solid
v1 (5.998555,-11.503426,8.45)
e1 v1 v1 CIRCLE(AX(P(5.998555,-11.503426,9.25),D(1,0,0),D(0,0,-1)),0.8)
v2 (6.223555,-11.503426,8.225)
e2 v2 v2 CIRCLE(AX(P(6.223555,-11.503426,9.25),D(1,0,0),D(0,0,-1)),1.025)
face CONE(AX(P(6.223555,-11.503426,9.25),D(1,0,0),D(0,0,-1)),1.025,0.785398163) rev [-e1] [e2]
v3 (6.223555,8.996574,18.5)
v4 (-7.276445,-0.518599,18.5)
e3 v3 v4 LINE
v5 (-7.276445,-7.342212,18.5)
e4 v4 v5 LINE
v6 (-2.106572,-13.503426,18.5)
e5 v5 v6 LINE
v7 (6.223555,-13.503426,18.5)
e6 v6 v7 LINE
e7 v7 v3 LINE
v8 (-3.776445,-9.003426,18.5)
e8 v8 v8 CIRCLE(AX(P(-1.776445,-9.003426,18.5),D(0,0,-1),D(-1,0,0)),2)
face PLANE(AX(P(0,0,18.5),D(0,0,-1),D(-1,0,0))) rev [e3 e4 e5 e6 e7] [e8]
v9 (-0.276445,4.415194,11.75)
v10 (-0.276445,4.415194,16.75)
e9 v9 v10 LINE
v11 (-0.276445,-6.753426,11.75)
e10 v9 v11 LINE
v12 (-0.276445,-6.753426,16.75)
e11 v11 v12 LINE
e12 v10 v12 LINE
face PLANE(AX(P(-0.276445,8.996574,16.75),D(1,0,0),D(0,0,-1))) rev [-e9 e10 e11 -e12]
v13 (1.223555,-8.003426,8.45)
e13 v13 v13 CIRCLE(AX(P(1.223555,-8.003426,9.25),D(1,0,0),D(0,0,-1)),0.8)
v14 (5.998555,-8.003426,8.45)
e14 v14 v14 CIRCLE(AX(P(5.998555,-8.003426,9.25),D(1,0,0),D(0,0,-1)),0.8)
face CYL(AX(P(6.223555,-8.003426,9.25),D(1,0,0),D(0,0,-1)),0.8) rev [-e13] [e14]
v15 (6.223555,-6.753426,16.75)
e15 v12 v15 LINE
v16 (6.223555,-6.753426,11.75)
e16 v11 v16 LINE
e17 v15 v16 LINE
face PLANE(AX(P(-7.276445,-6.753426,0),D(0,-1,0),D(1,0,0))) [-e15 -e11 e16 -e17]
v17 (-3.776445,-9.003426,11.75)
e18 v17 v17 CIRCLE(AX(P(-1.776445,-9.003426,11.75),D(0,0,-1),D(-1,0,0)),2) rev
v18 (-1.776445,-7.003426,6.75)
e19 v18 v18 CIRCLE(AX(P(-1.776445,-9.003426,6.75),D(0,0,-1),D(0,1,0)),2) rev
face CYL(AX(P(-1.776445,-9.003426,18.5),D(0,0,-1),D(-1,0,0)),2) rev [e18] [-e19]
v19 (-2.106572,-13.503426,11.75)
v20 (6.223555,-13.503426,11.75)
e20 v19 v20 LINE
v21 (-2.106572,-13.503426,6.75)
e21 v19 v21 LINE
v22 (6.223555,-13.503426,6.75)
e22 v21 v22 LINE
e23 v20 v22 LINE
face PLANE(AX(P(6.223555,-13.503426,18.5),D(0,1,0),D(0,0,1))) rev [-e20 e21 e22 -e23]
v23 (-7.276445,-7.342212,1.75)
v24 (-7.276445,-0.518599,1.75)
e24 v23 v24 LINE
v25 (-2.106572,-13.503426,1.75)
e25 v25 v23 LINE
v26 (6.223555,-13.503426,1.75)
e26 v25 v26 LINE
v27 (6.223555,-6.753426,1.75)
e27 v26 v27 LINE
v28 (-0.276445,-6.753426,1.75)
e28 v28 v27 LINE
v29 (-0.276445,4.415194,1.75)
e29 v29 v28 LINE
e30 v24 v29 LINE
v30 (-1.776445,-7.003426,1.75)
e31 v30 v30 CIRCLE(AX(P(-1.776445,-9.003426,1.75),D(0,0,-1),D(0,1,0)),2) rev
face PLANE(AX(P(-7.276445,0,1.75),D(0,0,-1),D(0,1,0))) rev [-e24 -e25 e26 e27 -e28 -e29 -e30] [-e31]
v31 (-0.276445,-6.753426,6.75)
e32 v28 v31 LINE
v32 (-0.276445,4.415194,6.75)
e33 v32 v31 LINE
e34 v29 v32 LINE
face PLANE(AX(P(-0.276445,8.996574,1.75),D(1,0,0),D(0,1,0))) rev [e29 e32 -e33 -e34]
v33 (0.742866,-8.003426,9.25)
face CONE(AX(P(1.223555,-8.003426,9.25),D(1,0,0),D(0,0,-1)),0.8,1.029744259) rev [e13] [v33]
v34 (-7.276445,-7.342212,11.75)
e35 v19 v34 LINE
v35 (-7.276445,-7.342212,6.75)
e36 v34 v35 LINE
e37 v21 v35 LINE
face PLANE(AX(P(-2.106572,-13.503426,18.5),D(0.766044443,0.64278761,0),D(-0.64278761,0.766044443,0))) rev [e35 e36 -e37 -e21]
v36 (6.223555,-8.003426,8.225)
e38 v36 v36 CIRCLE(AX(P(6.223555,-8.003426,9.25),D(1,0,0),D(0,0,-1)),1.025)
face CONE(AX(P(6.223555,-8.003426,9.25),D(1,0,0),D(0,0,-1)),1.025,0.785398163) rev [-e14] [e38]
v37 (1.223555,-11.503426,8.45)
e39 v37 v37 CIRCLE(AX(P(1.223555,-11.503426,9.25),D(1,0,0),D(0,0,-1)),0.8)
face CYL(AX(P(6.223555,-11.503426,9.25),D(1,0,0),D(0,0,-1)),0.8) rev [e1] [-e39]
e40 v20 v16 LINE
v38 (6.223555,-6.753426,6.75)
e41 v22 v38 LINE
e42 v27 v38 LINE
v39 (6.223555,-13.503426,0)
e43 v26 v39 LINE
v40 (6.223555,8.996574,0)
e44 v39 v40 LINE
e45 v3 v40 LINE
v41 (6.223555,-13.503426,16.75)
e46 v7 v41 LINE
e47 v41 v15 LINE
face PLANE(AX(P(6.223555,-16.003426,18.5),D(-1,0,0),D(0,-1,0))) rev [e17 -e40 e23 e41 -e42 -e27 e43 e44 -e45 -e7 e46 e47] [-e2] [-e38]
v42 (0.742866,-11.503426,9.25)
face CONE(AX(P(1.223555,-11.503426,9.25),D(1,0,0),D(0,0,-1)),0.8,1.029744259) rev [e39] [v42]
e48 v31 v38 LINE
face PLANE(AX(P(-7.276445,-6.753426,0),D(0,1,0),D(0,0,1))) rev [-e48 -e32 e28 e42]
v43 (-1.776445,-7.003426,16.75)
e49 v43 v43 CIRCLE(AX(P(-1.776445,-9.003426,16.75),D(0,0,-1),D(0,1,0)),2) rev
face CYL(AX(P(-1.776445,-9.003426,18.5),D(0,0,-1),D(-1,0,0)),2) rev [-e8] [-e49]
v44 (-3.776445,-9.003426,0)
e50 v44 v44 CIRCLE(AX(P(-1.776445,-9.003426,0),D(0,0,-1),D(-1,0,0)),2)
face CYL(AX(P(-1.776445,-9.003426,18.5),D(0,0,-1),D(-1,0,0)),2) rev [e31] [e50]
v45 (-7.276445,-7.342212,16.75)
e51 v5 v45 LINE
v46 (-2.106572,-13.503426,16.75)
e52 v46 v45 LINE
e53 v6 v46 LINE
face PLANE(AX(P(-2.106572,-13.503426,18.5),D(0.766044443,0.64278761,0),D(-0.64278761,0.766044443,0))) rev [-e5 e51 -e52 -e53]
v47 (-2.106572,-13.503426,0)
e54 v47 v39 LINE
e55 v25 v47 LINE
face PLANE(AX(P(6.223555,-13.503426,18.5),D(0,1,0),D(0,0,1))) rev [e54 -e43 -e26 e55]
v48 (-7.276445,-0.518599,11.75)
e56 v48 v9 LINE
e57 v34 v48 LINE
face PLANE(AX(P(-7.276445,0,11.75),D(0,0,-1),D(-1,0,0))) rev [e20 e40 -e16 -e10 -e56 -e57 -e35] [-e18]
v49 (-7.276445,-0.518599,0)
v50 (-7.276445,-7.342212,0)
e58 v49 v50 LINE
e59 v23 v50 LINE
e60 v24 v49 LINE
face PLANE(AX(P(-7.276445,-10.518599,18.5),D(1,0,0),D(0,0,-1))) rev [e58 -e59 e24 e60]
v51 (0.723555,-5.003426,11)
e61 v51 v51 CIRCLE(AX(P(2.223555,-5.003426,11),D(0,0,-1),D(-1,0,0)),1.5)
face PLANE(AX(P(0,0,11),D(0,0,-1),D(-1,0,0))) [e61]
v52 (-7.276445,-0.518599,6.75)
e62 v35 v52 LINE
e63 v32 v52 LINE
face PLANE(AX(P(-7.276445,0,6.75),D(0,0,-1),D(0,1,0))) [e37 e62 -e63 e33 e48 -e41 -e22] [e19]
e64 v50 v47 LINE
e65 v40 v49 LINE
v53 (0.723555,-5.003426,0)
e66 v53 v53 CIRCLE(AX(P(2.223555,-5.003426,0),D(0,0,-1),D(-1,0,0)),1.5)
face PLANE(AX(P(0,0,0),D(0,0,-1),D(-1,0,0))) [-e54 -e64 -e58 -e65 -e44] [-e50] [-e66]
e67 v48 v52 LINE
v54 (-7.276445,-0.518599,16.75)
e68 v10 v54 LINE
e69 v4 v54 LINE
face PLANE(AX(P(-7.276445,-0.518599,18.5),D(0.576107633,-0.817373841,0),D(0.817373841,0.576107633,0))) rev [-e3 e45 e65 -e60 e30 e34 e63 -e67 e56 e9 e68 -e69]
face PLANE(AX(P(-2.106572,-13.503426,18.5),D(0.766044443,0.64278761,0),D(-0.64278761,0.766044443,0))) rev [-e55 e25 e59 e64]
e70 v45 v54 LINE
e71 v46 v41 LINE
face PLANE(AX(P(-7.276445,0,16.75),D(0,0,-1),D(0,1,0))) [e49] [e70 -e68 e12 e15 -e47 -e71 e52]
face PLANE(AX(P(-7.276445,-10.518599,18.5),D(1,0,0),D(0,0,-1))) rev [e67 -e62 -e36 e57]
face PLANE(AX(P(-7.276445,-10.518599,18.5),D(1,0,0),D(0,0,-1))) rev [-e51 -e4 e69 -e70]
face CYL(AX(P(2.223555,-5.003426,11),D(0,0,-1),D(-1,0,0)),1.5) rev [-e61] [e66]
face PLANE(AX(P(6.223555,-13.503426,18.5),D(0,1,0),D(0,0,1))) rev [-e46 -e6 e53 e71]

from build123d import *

# Parameters (mm, degrees)
BOSS_EXTRUDE1_DEPTH             = 18.5
SKETCH2_R                       = 2
CUT_EXTRUDE1_DEPTH              = 19.5
SKETCH2_3_R                     = 1.5
CUT_EXTRUDE2_DEPTH              = 11
CUT_EXTRUDE3_DEPTH              = 19.5
CUT_EXTRUDE4_DEPTH              = 19.5
SKETCH7_W                       = 5
SKETCH7_H                       = 6.75
CUT_EXTRUDE5_DEPTH              = 14.5
M2X0_4_TAPPED_HOLE1_D           = 1.6
M2X0_4_TAPPED_HOLE1_DEPTH       = 5
M2X0_4_TAPPED_HOLE1_CSINK_D     = 2.05
M2X0_4_TAPPED_HOLE1_CSINK_ANGLE = 90
M2X0_4_TAPPED_HOLE1_TIP         = 0.480688495
SKETCH11_W                      = 7
SKETCH11_H                      = 5
CUT_EXTRUDE6_DEPTH              = 16.75


with BuildPart() as part:
    # Sketch1 → Boss-Extrude1 (new body)
    with BuildSketch(Plane.XY):
        Polygon((-7.276445285, -10.518598852), (2.223554715, -16.00342641), (6.223554715, -16.00342641), (6.223554715, 8.99657359), (-7.276445285, -0.518598852), align=None)
    extrude(amount=BOSS_EXTRUDE1_DEPTH)

    # Sketch2 → Cut-Extrude1 (cut, through all)
    with BuildSketch(Plane(origin=(0, 0, 0), x_dir=(-1, 0, 0), z_dir=(0, 0, -1))):
        with Locations((1.776445285, -9.00342641)):
            Circle(SKETCH2_R)
    extrude(amount=-CUT_EXTRUDE1_DEPTH, mode=Mode.SUBTRACT)

    # Sketch2<3> → Cut-Extrude2 (cut)
    with BuildSketch(Plane(origin=(0, 0, 0), x_dir=(-1, 0, 0), z_dir=(0, 0, -1))):
        with Locations((-2.223554715, -5.00342641)):
            Circle(SKETCH2_3_R)
    extrude(amount=-CUT_EXTRUDE2_DEPTH, mode=Mode.SUBTRACT)

    # Sketch5 → Cut-Extrude3 (cut, through all)
    with BuildSketch(Plane(origin=(0, 0, 0), x_dir=(-1, 0, 0), z_dir=(0, 0, -1))):
        Polygon((-6.223554715, -13.50342641), (2.106572304, -13.50342641), (-2.223554715, -16.00342641), (-6.223554715, -16.00342641), align=None)
    extrude(amount=-CUT_EXTRUDE3_DEPTH, mode=Mode.SUBTRACT)

    # Sketch6 → Cut-Extrude4 (cut, through all)
    with BuildSketch(Plane(origin=(0, 0, 0), x_dir=(-1, 0, 0), z_dir=(0, 0, -1))):
        Polygon((2.106572304, -13.50342641), (7.276445285, -7.342211711), (7.276445285, -10.518598852), align=None)
    extrude(amount=-CUT_EXTRUDE4_DEPTH, mode=Mode.SUBTRACT)

    # Sketch7 → Cut-Extrude5 (cut, through all)
    with BuildSketch(Plane(origin=(6.223554715, 0, 0), x_dir=(0, 0, -1), z_dir=(1, 0, 0))):
        with Locations((-14.25, -10.12842641)):
            Rectangle(SKETCH7_W, SKETCH7_H)
        with Locations((-4.25, -10.12842641)):
            Rectangle(SKETCH7_W, SKETCH7_H)
    extrude(amount=-CUT_EXTRUDE5_DEPTH, mode=Mode.SUBTRACT)

    # M2x0.4 Tapped Hole1
    with Locations(Plane(origin=(6.223554715, 0, 0), x_dir=(0, 0, -1), z_dir=(1, 0, 0))):
        with Locations((-9.25, -8.00342641), (-9.25, -11.50342641)):
            CounterSinkHole(M2X0_4_TAPPED_HOLE1_D / 2, M2X0_4_TAPPED_HOLE1_CSINK_D / 2, depth=M2X0_4_TAPPED_HOLE1_DEPTH, counter_sink_angle=M2X0_4_TAPPED_HOLE1_CSINK_ANGLE)
            with Locations((0, 0, -(M2X0_4_TAPPED_HOLE1_DEPTH + M2X0_4_TAPPED_HOLE1_TIP / 2))):  # 118° drill point
                Cone(0, M2X0_4_TAPPED_HOLE1_D / 2, M2X0_4_TAPPED_HOLE1_TIP, mode=Mode.SUBTRACT)

    # Sketch11 → Cut-Extrude6 (cut, through all)
    with BuildSketch(Plane.XZ.offset(6.75342641)):
        with Locations((-3.776445285, 14.25)):
            Rectangle(SKETCH11_W, SKETCH11_H)
        with Locations((-3.776445285, 4.25)):
            Rectangle(SKETCH11_W, SKETCH11_H)
    extrude(amount=-CUT_EXTRUDE6_DEPTH, mode=Mode.SUBTRACT)


solid = part.part
